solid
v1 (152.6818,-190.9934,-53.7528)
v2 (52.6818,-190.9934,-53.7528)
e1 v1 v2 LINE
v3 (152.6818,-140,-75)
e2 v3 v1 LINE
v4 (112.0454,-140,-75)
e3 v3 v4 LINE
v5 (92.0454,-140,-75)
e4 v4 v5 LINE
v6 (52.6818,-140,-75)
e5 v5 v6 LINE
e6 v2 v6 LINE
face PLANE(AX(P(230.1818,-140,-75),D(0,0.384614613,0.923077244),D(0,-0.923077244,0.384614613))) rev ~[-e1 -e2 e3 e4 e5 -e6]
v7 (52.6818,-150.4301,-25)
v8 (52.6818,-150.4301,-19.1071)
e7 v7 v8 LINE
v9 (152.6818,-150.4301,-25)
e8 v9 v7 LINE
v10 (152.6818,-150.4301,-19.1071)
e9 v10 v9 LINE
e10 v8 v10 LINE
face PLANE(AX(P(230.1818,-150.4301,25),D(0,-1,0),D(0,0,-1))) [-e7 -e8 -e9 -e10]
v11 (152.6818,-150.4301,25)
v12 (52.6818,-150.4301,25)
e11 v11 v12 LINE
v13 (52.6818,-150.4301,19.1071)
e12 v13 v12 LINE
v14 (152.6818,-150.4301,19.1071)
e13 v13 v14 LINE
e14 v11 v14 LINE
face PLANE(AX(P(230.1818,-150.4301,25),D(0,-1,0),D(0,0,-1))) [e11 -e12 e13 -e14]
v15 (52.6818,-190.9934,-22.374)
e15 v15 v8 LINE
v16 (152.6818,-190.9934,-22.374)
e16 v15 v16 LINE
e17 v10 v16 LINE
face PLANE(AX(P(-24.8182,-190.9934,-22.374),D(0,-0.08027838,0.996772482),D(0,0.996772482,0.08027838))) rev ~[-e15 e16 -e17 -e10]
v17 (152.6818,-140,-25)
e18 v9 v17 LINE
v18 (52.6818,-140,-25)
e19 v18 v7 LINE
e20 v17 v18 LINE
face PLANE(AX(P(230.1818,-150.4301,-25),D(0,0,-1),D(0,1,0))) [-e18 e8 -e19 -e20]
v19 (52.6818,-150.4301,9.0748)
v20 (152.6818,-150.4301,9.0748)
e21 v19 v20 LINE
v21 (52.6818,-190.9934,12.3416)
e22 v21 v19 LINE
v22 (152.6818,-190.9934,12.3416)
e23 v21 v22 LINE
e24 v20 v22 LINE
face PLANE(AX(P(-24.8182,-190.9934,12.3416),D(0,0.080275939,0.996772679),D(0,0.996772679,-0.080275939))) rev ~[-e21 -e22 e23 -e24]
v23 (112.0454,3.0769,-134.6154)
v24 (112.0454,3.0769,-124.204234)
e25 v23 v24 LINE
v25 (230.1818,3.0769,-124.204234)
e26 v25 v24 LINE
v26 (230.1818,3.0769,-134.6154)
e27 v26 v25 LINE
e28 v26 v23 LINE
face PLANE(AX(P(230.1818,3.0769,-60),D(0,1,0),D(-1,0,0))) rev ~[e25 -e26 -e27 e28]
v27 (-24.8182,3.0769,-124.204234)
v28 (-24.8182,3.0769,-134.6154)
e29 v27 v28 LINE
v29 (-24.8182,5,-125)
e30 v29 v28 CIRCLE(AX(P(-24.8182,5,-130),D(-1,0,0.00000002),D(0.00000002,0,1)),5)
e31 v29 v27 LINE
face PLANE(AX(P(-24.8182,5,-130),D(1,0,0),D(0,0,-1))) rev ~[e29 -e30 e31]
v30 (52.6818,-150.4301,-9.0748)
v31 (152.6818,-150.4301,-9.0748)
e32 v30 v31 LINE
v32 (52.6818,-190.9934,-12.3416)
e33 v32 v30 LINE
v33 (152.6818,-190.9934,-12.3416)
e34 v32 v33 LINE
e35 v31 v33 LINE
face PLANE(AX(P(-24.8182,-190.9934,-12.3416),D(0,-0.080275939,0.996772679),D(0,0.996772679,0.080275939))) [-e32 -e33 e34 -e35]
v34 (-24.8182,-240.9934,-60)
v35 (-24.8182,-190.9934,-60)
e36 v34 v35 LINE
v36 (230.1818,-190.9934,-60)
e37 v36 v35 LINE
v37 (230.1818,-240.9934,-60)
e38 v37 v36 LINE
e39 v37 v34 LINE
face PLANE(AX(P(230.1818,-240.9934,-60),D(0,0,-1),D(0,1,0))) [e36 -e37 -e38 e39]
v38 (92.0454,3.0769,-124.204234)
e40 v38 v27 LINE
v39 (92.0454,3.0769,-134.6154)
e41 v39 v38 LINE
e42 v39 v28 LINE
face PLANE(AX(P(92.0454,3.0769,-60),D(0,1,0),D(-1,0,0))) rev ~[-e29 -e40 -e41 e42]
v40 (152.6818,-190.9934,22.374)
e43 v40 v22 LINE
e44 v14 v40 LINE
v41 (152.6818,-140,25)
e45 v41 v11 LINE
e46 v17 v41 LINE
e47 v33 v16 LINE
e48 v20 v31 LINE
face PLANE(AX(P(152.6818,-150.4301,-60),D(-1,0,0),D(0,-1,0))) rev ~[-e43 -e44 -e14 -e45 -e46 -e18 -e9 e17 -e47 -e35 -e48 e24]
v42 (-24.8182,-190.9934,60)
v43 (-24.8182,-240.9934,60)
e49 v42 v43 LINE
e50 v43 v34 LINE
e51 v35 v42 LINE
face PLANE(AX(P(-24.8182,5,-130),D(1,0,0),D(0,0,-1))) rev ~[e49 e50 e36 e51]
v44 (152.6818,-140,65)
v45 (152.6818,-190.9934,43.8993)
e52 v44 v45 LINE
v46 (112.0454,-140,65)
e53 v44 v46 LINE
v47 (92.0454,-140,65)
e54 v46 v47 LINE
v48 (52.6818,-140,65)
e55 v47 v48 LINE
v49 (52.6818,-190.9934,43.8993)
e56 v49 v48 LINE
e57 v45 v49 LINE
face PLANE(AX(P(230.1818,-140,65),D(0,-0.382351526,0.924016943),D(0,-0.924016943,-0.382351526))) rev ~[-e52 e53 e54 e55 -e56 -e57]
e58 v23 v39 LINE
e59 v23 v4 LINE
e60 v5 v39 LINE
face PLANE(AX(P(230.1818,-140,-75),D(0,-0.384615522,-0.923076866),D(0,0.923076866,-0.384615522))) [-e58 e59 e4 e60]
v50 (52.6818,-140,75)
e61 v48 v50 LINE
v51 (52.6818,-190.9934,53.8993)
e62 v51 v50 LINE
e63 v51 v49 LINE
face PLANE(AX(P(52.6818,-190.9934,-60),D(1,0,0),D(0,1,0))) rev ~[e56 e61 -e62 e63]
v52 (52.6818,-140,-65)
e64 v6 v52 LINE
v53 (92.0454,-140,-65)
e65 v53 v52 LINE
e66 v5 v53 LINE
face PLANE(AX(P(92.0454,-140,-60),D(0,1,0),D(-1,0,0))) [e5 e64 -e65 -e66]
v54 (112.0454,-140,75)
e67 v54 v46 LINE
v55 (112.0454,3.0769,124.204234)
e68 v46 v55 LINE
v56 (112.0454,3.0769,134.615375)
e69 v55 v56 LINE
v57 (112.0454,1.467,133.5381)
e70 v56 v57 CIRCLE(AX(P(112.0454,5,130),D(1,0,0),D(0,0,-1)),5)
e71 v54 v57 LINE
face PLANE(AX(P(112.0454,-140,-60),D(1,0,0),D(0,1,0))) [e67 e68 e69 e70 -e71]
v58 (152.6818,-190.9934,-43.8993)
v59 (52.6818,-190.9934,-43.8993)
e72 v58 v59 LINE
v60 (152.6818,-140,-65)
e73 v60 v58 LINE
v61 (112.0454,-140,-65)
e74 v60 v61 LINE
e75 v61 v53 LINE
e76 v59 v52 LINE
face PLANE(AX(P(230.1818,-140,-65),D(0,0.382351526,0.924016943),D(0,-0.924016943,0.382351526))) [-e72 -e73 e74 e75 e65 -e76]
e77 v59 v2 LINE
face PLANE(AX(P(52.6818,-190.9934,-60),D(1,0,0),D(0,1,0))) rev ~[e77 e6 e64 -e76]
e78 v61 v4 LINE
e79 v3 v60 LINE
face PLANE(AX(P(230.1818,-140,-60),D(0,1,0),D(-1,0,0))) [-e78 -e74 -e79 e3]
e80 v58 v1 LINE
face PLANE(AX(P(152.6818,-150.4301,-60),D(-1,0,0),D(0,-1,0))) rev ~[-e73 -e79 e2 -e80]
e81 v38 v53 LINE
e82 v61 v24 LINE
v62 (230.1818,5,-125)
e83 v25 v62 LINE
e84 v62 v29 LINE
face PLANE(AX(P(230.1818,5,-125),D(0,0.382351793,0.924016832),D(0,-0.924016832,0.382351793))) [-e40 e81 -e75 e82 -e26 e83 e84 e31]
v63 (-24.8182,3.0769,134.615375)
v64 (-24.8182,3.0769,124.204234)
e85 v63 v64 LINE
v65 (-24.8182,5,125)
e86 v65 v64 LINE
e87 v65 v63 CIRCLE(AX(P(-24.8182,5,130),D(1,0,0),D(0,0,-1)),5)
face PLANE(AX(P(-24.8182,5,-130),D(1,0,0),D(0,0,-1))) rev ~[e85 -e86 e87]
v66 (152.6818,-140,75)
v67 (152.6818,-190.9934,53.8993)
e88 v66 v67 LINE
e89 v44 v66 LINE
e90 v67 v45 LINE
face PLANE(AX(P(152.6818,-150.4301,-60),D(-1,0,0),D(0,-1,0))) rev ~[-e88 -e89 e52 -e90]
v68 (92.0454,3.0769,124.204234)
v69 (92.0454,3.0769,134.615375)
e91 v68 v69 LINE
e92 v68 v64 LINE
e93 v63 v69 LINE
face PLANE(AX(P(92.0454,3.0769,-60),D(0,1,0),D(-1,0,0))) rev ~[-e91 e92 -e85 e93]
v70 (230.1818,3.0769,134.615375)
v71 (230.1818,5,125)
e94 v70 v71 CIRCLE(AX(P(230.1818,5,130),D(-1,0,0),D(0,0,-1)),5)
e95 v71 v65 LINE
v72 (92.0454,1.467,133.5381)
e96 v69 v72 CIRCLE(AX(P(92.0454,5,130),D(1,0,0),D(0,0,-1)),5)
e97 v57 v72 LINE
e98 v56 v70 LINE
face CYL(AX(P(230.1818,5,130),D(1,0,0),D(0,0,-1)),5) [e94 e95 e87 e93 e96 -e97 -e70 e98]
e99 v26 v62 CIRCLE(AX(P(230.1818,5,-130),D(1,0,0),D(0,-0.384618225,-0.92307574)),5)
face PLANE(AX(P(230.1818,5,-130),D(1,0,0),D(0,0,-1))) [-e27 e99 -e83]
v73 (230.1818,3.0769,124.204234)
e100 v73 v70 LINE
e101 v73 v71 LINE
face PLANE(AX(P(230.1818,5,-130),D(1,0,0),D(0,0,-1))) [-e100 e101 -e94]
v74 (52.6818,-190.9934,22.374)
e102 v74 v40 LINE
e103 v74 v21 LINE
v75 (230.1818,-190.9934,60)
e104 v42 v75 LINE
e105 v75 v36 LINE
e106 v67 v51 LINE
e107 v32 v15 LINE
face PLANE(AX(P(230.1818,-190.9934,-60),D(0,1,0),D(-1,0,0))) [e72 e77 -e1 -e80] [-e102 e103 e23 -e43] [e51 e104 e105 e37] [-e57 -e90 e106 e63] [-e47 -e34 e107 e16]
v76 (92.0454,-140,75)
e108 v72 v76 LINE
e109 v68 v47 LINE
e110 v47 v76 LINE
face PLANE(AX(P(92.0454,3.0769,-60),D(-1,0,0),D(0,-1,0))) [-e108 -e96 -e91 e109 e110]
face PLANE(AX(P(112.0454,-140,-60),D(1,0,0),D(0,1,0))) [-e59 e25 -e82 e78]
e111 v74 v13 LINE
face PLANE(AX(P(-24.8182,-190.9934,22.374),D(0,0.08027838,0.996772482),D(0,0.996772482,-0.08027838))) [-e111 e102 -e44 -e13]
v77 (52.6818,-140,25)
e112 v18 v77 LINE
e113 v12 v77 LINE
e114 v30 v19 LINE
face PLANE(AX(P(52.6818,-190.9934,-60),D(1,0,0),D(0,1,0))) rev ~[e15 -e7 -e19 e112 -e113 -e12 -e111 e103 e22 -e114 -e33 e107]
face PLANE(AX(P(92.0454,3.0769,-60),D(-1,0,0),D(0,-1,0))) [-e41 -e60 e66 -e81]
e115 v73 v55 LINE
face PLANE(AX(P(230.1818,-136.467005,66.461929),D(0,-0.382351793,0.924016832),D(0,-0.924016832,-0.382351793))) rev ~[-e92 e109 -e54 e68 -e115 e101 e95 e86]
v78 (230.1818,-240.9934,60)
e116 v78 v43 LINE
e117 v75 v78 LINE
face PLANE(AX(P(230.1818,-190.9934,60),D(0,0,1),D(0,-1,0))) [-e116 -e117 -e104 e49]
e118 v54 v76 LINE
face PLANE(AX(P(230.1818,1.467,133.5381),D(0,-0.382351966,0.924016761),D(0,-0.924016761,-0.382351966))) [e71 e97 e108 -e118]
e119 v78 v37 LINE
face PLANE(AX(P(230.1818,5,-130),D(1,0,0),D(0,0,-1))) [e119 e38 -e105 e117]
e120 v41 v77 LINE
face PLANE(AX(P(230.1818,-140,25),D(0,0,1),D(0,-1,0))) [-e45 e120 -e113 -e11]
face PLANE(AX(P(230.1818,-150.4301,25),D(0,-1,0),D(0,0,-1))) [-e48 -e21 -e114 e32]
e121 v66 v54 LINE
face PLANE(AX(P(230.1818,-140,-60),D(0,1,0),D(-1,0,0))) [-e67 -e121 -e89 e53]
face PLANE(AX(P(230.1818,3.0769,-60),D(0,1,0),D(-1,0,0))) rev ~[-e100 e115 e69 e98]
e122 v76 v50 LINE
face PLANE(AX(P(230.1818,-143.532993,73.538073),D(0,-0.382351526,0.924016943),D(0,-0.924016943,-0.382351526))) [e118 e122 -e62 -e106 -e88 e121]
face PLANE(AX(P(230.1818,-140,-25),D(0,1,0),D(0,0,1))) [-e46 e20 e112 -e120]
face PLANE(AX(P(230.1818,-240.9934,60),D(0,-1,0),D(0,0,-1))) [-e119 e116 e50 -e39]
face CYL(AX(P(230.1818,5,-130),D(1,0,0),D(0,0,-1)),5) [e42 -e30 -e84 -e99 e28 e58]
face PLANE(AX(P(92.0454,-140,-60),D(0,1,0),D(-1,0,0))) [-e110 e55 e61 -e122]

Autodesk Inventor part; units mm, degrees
ref_plane "YZ Plane" through (0, 0, 0) normal (1, 0, 0) x (0, 1, 0)
ref_plane "XZ Plane" through (0, 0, 0) normal (0, 1, 0) x (-1, 0, 0)
ref_plane "XY Plane" through (0, 0, 0) normal (0, 0, 1) x (1, 0, 0)
sketch "Sketch4" plane through (0, 0, 0) normal (0, 1, 0) x (-1, 0, 0)
  line L0 (-102.6818, 131.0909) -> (-102.6818, 58.0909) construction
  line L1 (24.8182, 125) -> (-230.1818, 125)
  line L2 (-230.1818, 125) -> (-230.1818, 135)
  line L3 (-230.1818, 135) -> (24.8182, 135)
  line L4 (24.8182, 135) -> (24.8182, 125)
  line L5 (24.8182, 125) -> (-230.1818, 135) construction
  line L6 (-230.1818, 125) -> (24.8182, 135) construction
  line L7 (0, 0) -> (36.133, 0) construction
  line L8 (24.8182, -125) -> (-230.1818, -125)
  line L9 (-230.1818, -125) -> (-230.1818, -135)
  line L10 (-230.1818, -135) -> (24.8182, -135)
  line L11 (24.8182, -135) -> (24.8182, -125)
  line L12 (24.8182, -125) -> (-230.1818, -135) construction
  line L13 (-230.1818, -125) -> (24.8182, -135) construction
  point P0 (-102.6818, 130)
  dimension "d4" = 10
  dimension "d6" = 250
  dimension "d7" = 255
extrude "Extrusion2" add sketch "Sketch4" along normal blind 10
sketch "Sketch9" plane through (230.1818, 0, -125) normal (1, 0, 0) x (0, 0, -1)
  line L0 (-125, 0) -> (-125, -106.9842) construction
  line L1 (10, 0) -> (10, 10) construction
  line L2 (0, 10) -> (10, 10) construction
  line L3 (10, 0) -> (0, 10) construction
  line L4 (0, 10) -> (10, 10) construction
  line L5 (10, 10) -> (0, 0) construction
  circle A0 centre (5, 5) radius 5
  line L6 (-260, 0) -> (-260, 10) construction
  line L7 (-250, 10) -> (-260, 10) construction
  line L8 (-260, 0) -> (-250, 10) construction
  line L9 (-250, 10) -> (-260, 10) construction
  line L10 (-260, 10) -> (-250, 0) construction
  circle A1 centre (-255, 5) radius 5
extrude "Extrusion3" cut sketch "Sketch9" against normal through all keep common part
sketch "Sketch10" plane through (230.1818, 5, -130) normal (1, 0, 0) x (0, 0, -1)
  circle A0 centre (0, 0) radius 5 construction
  line L0 (0, 5) -> (-260, 5)
  line L1 (-130, -5) -> (-130, 5) construction
  line L2 (-155, -155.4301) -> (-105, -155.4301)
  line L3 (-105, -155.4301) -> (-105, -145)
  line L4 (-105, -145) -> (-155, -145)
  line L5 (-155, -145) -> (-155, -155.4301)
  line L6 (-155, -155.4301) -> (-105, -145) construction
  line L7 (-105, -155.4301) -> (-155, -145) construction
  line L8 (-130, -150.215) -> (-130, -124.8826) construction
  dimension "d13" = 150
  dimension "d34" = 50
extrude "Extrusion4" add sketch "Sketch10" against normal blind 255
sketch "Sketch11" plane through (230.1818, 5, -130) normal (1, 0, 0) x (0, 0, -1)
  circle A0 centre (0, 0) radius 5 projected
  line L0 (-155, -145) -> (-105, -145) projected
  line L1 (-130, 0) -> (-130, -145) construction
  line L2 (-130, -145) -> (-286.0792, -145) construction
  line L3 (-130, -145) -> (0, -145) construction
  circle A1 centre (-60, -145) radius 5
  circle A2 centre (-200, -145) radius 5
  line L4 (-55, -145) -> (4.6154, -1.9231)
  circle A3 centre (-260, 0) radius 5 projected
  line L5 (-190, -245.9934) -> (-70, -245.9934)
  line L6 (-70, -245.9934) -> (-70, -195.9934)
  line L7 (-70, -195.9934) -> (-190, -195.9934)
  line L8 (-190, -195.9934) -> (-190, -245.9934)
  line L9 (-190, -245.9934) -> (-70, -195.9934) construction
  line L10 (-70, -245.9934) -> (-190, -195.9934) construction
  line L11 (-130, -220.9934) -> (-130, -179.9046) construction
  line L12 (-55, -145) -> (-76.2472, -195.9934)
  line L13 (-5, 0) -> (-65, -145)
  line L14 (-65, -145) -> (-86.1007, -195.9934)
  line L15 (-255, 0) -> (-195, -145)
  line L16 (-263.5381, -3.533) -> (-205, -145)
  line L17 (-195, -145) -> (-173.8993, -195.9934)
  line L18 (-205, -145) -> (-183.8993, -195.9934)
  point P0 (-130, -5)
  dimension "d18" = 10
  dimension "d20" = 140
  dimension "d21" = 120
  dimension "d22" = 50
extrude "Extrusion5" add sketch "Sketch11" against normal blind 255 contours A0 L4 A1 L13 | A1 L12 L13 | A1 L12 L7 L14 | L7 L6 L5 L8 | L7 L18 A2 L17 | A2 L18 L15 | A2 L16 A3 L15
sketch "Sketch12" plane through (-24.8182, 5, -130) normal (-1, 0, 0) x (0, 0, 1)
  line L0 (173.8993, -195.9934) -> (86.1007, -195.9934) projected
  line L1 (105, -155.4301) -> (155, -155.4301) projected
  line L2 (86.1007, -195.9934) -> (173.8993, -195.9934) projected
  line L3 (152.374, -195.9934) -> (149.1071, -155.4301)
  line L4 (142.3416, -195.9934) -> (139.0748, -155.4301)
  line L5 (155, -155.4301) -> (105, -155.4301) projected
  line L6 (255, 0) -> (173.8993, -195.9934) projected
  line L7 (86.1007, -195.9934) -> (5, 0) projected
  line L8 (173.8993, -195.9934) -> (105, -155.4301) construction
  line L9 (155, -155.4301) -> (86.1007, -195.9934) construction
  line L10 (130, -170.1484) -> (130, -155.4301) construction
  line L11 (107.626, -195.9934) -> (110.8929, -155.4301)
  line L12 (117.6584, -195.9934) -> (120.9252, -155.4301)
  point P0 (130, -5)
  point P1 (107.626, -195.9934)
  point P2 (117.6584, -195.9934)
  dimension "d25" = 10
extrude "Extrusion6" add sketch "Sketch12" against normal blind 255 contours L0 L4 L1 L3 | L0 L11 L1 L12
sketch "Sketch13" plane through (230.1818, -240.9934, -60) normal (0, 0, -1) x (-1, 0, 0)
  line L0 (0, 50) -> (255, 50) projected
  line L1 (0, 50) -> (0, 244.0703) projected
  line L2 (0, 50) -> (255, 50) projected
  line L3 (255, 244.0703) -> (255, 50) projected
  line L4 (0, 244.0703) -> (255, 244.0703) projected
  line L5 (0, 90.5633) -> (255, 90.5633) projected
  line L6 (0, 100.9934) -> (255, 100.9934) projected
  line L7 (0, 0) -> (255, 0) projected
  line L8 (0, 0) -> (0, 50) projected
  line L9 (255, 50) -> (255, 0) projected
  line L10 (255, 100.9934) -> (0, 244.0703) construction
  line L11 (1.2728, 100.9934) -> (255, 244.0703) construction
  line L12 (138.1364, 100.9934) -> (118.1364, 100.9934)
  line L13 (118.1364, 100.9934) -> (118.1364, 244.0703)
  line L14 (118.1364, 244.0703) -> (138.1364, 244.0703)
  line L15 (138.1364, 244.0703) -> (138.1364, 100.9934)
  line L16 (138.1364, 100.9934) -> (118.1364, 244.0703) construction
  line L17 (118.1364, 100.9934) -> (138.1364, 244.0703) construction
  point P0 (230.1818, 240.9934)
  point P1 (128.1364, 172.5318)
  point P2 (138.1364, 100.9934)
  point P3 (118.1364, 100.9934)
  dimension "d28" = 20
extrude "Extrusion7" cut sketch "Sketch13" along normal mid plane 434.75 contours L1 L4 L13 L6 | L6 L15 L4 L3
sketch "Sketch14" plane through (230.1818, -240.9934, -60) normal (0, 0, -1) x (-1, 0, 0)
  line L0 (0, 50) -> (255, 50) projected
  line L1 (255, 100.9934) -> (255, 50) projected
  line L2 (255, 50) -> (255, 0) projected
  line L3 (255, 100.9934) -> (138.1364, 100.9934) projected
  line L4 (0, 0) -> (255, 0) projected
  line L5 (0, 0) -> (0, 50) projected
  line L6 (0, 90.5633) -> (255, 90.5633) projected
  line L7 (0, 100.9934) -> (118.1364, 100.9934) projected
  line L8 (0, 100.9934) -> (0, 50) projected
  line L9 (118.1364, 100.9934) -> (138.1364, 100.9934)
  line L10 (128.1364, 88.0174) -> (128.1364, 65.5782) construction
  line L11 (255, 90.5633) -> (0, 100.9934) construction
  line L12 (0, 90.5633) -> (255, 100.9934) construction
  line L13 (127.5, 95.7783) -> (127.5, 90.5633) construction
  line L14 (0, 50) -> (255, 50) projected
  line L15 (77.5, 50) -> (177.5, 50)
  line L16 (177.5, 50) -> (177.5, 100.9934)
  line L17 (177.5, 100.9934) -> (77.5, 100.9934)
  line L18 (77.5, 100.9934) -> (77.5, 50)
  line L19 (177.5, 50) -> (77.5, 100.9934) construction
  line L20 (177.5, 100.9934) -> (77.5, 50) construction
  line L21 (127.5, 75.4967) -> (127.5, 84.9841) construction
  point P0 (230.1818, 240.9934)
  point P1 (77.5, 50)
  point P2 (77.5, 100.9934)
  point P3 (177.5, 100.9934)
  dimension "d31" = 100
extrude "Extrusion8" cut sketch "Sketch14" along normal mid plane 434.75 contours L8 L6 L18 L0 | L8 L7 L18 L6 | L16 L6 L1 L0 | L16 L3 L1 L6
properties part number "drone model"
